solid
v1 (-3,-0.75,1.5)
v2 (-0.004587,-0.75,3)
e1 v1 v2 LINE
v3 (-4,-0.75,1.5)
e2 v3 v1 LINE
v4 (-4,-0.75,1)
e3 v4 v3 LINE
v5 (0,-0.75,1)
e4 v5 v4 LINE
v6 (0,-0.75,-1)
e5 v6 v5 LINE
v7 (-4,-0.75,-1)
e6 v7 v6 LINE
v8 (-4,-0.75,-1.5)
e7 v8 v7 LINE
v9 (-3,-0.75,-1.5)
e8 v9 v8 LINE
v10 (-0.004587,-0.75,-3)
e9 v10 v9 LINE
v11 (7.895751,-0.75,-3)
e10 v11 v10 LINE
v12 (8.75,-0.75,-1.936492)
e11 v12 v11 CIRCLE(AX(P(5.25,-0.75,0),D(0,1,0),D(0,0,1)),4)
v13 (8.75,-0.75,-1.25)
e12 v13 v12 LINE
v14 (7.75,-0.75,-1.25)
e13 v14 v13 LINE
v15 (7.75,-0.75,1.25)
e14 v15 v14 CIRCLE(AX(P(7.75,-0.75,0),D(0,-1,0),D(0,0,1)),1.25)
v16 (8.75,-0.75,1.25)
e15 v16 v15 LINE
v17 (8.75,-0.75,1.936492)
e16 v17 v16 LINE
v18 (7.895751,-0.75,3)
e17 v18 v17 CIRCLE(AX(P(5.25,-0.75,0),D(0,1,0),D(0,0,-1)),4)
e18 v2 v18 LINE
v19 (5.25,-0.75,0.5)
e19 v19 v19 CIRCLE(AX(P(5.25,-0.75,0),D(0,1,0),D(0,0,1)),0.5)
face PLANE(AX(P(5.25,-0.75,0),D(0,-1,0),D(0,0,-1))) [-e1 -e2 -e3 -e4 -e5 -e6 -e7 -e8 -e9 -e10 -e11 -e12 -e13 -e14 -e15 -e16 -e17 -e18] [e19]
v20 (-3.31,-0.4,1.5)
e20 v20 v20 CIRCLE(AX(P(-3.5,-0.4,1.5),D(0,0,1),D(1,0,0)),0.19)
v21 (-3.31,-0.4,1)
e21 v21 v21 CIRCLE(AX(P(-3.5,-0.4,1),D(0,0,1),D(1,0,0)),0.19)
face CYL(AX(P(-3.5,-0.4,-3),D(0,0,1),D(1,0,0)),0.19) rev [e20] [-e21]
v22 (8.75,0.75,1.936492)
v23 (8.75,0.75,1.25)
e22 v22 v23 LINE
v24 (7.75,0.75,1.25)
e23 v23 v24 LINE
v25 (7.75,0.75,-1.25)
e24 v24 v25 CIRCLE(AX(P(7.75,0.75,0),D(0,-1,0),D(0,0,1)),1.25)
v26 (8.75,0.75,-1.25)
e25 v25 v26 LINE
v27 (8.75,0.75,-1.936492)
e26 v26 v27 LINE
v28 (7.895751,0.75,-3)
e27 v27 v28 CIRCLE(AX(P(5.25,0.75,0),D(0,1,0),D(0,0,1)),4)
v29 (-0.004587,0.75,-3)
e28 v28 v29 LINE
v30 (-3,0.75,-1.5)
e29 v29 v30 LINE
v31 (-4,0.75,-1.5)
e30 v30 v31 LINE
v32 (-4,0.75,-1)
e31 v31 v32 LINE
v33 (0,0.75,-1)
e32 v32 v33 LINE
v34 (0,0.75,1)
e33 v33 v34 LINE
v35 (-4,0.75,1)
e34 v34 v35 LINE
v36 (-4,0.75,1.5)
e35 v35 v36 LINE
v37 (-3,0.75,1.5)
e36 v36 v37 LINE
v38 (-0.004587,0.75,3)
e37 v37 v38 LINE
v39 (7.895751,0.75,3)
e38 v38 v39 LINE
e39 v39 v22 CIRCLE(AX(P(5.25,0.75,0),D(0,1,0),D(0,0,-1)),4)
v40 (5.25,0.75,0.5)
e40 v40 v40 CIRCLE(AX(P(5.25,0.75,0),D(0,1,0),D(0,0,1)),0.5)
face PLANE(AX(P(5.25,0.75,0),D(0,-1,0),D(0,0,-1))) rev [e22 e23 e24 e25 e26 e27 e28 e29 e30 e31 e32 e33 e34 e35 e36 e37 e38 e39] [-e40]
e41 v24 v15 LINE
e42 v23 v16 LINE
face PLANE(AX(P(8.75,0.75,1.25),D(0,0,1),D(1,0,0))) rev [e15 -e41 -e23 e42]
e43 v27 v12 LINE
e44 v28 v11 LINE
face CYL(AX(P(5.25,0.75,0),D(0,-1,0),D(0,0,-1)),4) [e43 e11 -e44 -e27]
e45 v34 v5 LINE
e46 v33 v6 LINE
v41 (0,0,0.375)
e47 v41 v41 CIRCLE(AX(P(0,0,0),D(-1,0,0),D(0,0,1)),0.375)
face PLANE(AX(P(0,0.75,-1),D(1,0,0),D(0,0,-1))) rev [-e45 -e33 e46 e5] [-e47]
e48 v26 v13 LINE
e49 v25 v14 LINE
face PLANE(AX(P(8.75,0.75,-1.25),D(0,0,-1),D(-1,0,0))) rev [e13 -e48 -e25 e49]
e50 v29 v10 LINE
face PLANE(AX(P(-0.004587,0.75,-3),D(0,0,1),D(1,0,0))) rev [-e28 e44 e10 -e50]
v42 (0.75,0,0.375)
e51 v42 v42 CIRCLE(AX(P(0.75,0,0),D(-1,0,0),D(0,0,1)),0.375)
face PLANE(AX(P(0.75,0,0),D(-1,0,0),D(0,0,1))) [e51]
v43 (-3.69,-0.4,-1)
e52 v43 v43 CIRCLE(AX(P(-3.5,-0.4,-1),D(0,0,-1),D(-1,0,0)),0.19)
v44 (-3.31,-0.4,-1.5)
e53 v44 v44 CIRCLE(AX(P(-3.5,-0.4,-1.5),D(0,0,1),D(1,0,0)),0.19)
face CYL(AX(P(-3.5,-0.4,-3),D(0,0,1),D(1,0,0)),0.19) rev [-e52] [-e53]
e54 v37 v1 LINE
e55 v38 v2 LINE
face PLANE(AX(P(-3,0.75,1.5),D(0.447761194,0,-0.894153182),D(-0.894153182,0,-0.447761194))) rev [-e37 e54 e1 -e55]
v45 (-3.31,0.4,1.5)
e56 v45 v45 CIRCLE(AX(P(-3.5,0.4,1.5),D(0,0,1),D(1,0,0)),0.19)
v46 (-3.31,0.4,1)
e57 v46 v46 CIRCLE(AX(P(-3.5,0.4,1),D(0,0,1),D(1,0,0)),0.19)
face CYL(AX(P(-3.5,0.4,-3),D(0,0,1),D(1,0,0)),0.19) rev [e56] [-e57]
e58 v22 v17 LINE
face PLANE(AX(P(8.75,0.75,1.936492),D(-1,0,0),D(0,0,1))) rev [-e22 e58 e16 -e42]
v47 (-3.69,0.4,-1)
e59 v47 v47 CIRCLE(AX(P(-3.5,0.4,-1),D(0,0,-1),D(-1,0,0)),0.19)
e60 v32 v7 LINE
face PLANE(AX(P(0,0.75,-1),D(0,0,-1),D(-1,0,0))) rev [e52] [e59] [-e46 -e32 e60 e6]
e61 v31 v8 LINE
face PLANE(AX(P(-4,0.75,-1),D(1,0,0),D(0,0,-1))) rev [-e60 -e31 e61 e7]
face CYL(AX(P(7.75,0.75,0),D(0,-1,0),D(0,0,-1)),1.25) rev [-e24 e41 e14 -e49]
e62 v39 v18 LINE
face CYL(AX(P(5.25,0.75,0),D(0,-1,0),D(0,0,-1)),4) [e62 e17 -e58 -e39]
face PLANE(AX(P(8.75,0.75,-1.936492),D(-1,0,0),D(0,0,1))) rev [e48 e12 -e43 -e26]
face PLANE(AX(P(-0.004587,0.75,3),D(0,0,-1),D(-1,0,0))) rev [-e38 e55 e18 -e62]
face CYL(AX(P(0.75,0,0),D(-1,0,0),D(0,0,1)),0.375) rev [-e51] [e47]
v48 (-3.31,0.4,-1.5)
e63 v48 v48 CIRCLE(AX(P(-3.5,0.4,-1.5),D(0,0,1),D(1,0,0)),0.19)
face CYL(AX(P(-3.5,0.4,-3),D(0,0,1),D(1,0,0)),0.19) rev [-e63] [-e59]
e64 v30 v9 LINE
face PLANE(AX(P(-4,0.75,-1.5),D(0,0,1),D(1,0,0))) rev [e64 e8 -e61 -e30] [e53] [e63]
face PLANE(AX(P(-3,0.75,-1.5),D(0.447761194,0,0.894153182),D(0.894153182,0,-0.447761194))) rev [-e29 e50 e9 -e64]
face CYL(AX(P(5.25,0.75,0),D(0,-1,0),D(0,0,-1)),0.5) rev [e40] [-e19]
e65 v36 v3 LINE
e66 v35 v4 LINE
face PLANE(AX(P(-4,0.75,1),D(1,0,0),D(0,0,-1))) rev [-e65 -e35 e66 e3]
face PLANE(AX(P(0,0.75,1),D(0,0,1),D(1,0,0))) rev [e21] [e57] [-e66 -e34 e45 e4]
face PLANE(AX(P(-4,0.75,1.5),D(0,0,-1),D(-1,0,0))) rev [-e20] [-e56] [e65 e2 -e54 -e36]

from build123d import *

# Parameters (mm, degrees)
SKETCH1_R           = 0.5
BOSS_EXTRUDE1_DEPTH = 0.75
SKETCH2_R           = 0.19
CUT_EXTRUDE1_DEPTH  = 5.5
SKETCH3_R           = 0.375
CUT_EXTRUDE2_DEPTH  = 0.75


with BuildPart() as part:
    # Sketch1 → Boss-Extrude1 (new body, symmetric)
    with BuildSketch(Plane(origin=(0, 0, 0), x_dir=(1, 0, 0), z_dir=(0, 1, 0))):
        with BuildLine():
            Line((0, 1), (-4, 1))
            Line((-4, 1), (-4, 1.5))
            Line((-4, 1.5), (-3, 1.5))
            Line((-3, 1.5), (-0.00458684, 3))
            Line((-0.00458684, 3), (7.895751311, 3))
            ThreePointArc((7.895751311, 3), (8.3685457, 2.504929683), (8.75, 1.936491673))
            Line((8.75, 1.936491673), (8.75, 1.25))
            Line((8.75, 1.25), (7.75, 1.25))
            ThreePointArc((7.75, 1.25), (6.5, 0), (7.75, -1.25))
            Line((7.75, -1.25), (8.75, -1.25))
            Line((8.75, -1.25), (8.75, -1.936491673))
            ThreePointArc((8.75, -1.936491673), (8.3685457, -2.504929683), (7.895751311, -3))
            Line((7.895751311, -3), (-0.00458684, -3))
            Line((-0.00458684, -3), (-3, -1.5))
            Line((-3, -1.5), (-4, -1.5))
            Line((-4, -1.5), (-4, -1))
            Line((-4, -1), (0, -1))
            Line((0, -1), (0, 1))
        make_face()
        with Locations((5.25, 0)):
            Circle(SKETCH1_R, mode=Mode.SUBTRACT)
    extrude(amount=BOSS_EXTRUDE1_DEPTH, both=True)

    # Sketch2 → Cut-Extrude1 (cut, through all)
    with BuildSketch(Plane.XY.offset(1.5)):
        with Locations((-3.5, 0.4)):
            Circle(SKETCH2_R)
        with Locations((-3.5, -0.4)):
            Circle(SKETCH2_R)
    extrude(amount=-CUT_EXTRUDE1_DEPTH, mode=Mode.SUBTRACT)

    # Sketch3 → Cut-Extrude2 (cut)
    with BuildSketch(Plane.ZY):
        Circle(SKETCH3_R)
    extrude(amount=-CUT_EXTRUDE2_DEPTH, mode=Mode.SUBTRACT)


solid = part.part
